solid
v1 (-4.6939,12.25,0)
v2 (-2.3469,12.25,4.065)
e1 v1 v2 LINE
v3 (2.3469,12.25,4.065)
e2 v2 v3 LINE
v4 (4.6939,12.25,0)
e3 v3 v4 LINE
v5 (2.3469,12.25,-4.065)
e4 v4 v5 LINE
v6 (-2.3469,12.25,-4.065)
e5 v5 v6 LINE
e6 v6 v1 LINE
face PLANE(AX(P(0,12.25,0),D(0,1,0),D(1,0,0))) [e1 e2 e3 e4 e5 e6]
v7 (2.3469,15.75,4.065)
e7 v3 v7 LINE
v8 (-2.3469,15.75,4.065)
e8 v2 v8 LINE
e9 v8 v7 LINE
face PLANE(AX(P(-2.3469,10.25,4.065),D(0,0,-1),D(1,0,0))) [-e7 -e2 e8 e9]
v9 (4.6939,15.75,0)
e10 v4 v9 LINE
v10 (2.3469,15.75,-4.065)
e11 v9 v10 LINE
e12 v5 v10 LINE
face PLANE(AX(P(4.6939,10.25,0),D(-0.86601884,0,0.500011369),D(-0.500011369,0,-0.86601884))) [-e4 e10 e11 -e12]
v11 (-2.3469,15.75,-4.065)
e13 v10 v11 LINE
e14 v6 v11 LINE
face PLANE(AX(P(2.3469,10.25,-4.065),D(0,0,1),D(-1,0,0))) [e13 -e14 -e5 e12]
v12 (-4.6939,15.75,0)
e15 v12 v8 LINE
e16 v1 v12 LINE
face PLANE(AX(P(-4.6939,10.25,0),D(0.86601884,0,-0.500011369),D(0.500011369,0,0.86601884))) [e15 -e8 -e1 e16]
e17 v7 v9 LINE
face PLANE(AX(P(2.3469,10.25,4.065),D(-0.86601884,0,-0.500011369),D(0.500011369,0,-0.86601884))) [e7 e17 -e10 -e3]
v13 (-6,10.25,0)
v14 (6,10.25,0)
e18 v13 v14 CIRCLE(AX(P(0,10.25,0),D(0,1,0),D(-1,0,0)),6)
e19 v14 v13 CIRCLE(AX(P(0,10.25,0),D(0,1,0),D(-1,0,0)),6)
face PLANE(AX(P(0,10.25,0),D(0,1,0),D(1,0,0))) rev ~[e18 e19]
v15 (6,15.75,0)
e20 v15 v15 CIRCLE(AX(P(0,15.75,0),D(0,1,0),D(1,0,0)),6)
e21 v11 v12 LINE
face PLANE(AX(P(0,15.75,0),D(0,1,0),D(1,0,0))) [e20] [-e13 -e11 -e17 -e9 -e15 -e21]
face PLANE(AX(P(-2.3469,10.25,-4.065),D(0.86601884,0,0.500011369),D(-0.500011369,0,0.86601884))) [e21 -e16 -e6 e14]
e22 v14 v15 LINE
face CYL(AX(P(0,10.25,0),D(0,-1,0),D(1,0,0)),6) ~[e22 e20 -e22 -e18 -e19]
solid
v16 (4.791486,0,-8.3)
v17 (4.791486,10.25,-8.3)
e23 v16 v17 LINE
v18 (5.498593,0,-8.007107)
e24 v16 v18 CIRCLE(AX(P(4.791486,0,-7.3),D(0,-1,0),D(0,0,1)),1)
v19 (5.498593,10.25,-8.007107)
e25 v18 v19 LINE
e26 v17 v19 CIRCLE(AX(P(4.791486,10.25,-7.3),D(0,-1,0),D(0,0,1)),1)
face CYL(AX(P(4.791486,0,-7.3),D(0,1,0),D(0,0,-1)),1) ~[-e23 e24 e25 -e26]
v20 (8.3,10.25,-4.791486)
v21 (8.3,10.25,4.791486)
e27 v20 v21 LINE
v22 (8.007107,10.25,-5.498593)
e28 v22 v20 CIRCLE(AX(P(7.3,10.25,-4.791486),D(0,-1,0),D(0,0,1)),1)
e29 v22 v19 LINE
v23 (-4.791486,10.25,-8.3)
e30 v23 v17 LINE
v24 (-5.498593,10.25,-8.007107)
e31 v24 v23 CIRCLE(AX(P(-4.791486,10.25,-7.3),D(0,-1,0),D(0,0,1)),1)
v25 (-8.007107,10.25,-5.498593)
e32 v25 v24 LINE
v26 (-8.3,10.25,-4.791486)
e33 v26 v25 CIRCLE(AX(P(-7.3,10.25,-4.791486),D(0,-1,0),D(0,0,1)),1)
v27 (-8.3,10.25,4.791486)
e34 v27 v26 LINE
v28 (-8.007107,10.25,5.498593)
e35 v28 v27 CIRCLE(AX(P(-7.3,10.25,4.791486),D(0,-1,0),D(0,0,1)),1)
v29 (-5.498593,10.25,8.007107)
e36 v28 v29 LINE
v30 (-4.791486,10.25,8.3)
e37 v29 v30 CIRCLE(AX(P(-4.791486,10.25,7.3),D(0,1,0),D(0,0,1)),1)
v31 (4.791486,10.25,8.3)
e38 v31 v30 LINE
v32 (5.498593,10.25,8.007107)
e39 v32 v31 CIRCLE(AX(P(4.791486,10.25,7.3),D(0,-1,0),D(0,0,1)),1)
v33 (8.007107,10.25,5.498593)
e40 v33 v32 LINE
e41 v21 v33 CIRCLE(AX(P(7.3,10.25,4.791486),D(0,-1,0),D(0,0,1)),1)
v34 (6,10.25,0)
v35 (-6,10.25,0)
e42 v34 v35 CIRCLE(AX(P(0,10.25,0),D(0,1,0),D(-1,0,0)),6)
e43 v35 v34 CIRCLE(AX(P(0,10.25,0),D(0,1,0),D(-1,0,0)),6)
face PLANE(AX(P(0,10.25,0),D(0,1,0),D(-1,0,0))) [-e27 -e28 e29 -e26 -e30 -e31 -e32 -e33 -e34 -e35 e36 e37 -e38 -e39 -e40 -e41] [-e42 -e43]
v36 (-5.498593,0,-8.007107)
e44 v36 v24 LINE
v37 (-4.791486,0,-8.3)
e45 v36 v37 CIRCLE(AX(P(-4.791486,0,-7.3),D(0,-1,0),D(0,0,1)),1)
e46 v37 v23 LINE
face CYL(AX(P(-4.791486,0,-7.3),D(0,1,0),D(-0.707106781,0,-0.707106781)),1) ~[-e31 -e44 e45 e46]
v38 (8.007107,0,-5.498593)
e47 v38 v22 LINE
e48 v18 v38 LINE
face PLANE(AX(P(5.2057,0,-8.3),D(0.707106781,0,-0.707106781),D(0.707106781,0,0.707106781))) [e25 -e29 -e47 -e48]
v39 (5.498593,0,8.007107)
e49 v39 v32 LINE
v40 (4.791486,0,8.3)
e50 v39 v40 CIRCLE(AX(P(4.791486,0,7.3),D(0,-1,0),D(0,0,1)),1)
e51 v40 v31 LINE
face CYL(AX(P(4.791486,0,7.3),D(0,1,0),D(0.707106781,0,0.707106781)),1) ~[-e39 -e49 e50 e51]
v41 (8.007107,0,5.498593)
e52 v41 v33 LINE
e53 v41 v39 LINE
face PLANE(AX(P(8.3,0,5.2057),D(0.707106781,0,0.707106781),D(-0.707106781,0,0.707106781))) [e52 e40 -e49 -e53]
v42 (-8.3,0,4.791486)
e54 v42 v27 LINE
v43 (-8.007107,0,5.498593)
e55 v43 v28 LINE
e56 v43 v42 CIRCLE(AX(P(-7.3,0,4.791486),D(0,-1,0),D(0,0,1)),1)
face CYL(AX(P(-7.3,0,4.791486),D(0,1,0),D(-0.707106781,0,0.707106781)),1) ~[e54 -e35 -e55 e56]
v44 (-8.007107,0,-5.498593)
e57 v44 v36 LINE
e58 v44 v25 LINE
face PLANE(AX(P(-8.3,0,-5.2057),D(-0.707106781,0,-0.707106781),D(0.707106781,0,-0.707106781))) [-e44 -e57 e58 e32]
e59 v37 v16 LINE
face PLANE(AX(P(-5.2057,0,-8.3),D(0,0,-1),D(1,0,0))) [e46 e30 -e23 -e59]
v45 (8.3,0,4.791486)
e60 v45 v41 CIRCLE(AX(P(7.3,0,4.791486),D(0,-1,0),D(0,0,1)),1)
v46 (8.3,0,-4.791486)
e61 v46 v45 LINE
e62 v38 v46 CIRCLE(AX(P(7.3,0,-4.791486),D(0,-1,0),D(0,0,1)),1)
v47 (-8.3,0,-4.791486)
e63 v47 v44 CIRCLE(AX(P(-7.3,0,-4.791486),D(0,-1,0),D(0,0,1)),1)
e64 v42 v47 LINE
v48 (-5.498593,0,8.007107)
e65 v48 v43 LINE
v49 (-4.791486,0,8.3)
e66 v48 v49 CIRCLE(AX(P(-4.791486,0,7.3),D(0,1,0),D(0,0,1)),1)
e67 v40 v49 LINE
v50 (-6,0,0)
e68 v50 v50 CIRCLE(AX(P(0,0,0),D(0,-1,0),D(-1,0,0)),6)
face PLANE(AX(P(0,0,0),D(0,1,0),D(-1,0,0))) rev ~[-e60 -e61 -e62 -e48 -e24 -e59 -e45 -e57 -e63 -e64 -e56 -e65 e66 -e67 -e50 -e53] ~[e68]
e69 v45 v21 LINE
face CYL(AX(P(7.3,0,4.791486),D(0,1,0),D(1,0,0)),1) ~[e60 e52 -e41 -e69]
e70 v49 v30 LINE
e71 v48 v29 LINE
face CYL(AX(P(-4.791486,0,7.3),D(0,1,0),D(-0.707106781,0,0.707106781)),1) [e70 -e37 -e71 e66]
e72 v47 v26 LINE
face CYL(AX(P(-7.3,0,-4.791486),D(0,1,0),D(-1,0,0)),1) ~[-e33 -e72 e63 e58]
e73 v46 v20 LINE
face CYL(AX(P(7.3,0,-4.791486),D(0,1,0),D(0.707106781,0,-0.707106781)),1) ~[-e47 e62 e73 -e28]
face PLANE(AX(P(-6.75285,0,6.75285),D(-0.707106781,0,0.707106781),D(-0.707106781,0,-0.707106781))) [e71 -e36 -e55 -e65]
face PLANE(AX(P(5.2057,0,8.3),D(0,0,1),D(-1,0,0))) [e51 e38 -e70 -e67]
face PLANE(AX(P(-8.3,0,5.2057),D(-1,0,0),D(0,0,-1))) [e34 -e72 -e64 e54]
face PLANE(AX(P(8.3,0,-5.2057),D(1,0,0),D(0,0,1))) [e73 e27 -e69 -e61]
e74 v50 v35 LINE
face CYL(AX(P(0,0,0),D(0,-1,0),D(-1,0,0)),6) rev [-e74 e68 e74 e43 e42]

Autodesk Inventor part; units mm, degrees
ref_plane "YZ Plane" through (0, 0, 0) normal (1, 0, 0) x (0, 1, 0)
ref_plane "XZ Plane" through (0, 0, 0) normal (0, 1, 0) x (-1, 0, 0)
ref_plane "XY Plane" through (0, 0, 0) normal (0, 0, 1) x (1, 0, 0)
sketch "Sketch1" plane through (0, 0, 0) normal (0, 1, 0) x (-1, 0, 0)
  circle A0 centre (0, 0) radius 6
  line L0 (5.2886, 8.5) -> (-5.2886, 8.5)
  line L1 (-8.5, 5.2886) -> (-8.5, -5.2886)
  line L2 (-5.2886, -8.5) -> (5.2886, -8.5)
  line L3 (8.5, -5.2886) -> (8.5, 5.2886)
  line L4 (8.5, 8.5) -> (-8.5, -8.5) construction
  line L5 (-8.5, 8.5) -> (8.5, -8.5) construction
  line L6 (-6.8943, -6.8943) -> (6.8943, 6.8943)
  line L7 (8.5, 5.2886) -> (5.2886, 8.5)
  line L8 (-5.2886, -8.5) -> (-8.5, -5.2886)
  line L9 (0, 0) -> (2.4857, 0)
  line L10 (8.5, -5.2886) -> (5.2886, -8.5)
  line L11 (-5.2886, 8.5) -> (-8.5, 5.2886)
  line L12 (8.3, 5.2057) -> (8.3, -5.2057)
  line L13 (8.3, -5.2057) -> (5.2057, -8.3)
  line L14 (5.2057, -8.3) -> (-5.2057, -8.3)
  line L15 (-5.2057, -8.3) -> (-8.3, -5.2057)
  line L16 (-8.3, -5.2057) -> (-8.3, 5.2057)
  line L17 (-8.3, 5.2057) -> (-5.2057, 8.3)
  line L18 (-5.2057, 8.3) -> (5.2057, 8.3)
  line L19 (5.2057, 8.3) -> (8.3, 5.2057)
  dimension "d0" = 12
  dimension "d2" = 17
  dimension "d3" = 19.5
  dimension "d4" = 17
  dimension "d5" = 0.2
extrude "Extrusion1" add sketch "Sketch1" along normal blind 10.25 contours A0 L6 L19 L12 L13 L14 L15 | A0 L6 L15 L16 L17 L18 L19
fillet "Fillet1" radius 1 8 edges at (-5.2057, 5.125, 8.3) (5.2057, 5.125, 8.3) (8.3, 5.125, 5.2057) (8.3, 5.125, -5.2057) (5.2057, 5.125, -8.3) (-5.2057, 5.125, -8.3) (-8.3, 5.125, 5.2057) (-8.3, 5.125, -5.2057)
sketch "Sketch2" plane through (0, 10.25, 0) normal (0, 1, 0) x (1, 0, 0)
  line L0 (4.5207, 0) -> (2.2603, -3.915)
  line L1 (2.2603, -3.915) -> (-2.2603, -3.915)
  line L2 (-2.2603, -3.915) -> (-4.5207, 0)
  line L3 (-4.5207, 0) -> (-2.2603, 3.915)
  line L4 (-2.2603, 3.915) -> (2.2603, 3.915)
  line L5 (2.2603, 3.915) -> (4.5207, 0)
  line L6 (2.3469, -4.065) -> (4.6939, 0)
  line L7 (4.6939, 0) -> (2.3469, 4.065)
  line L8 (2.3469, 4.065) -> (-2.3469, 4.065)
  line L9 (-2.3469, 4.065) -> (-4.6939, 0)
  line L10 (-4.6939, 0) -> (-2.3469, -4.065)
  line L11 (-2.3469, -4.065) -> (2.3469, -4.065)
  circle A0 centre (0, 0) radius 3.5
  arc A1 (-8.0071, 5.4986) -> (-8.3, 4.7915) centre (-7.3, 4.7915) ccw projected
  line L12 (-8.3, 4.7915) -> (-8.3, -4.7915) projected
  arc A2 (-8.3, -4.7915) -> (-8.0071, -5.4986) centre (-7.3, -4.7915) ccw projected
  line L13 (-8.0071, -5.4986) -> (-5.4986, -8.0071) projected
  arc A3 (-5.4986, -8.0071) -> (-4.7915, -8.3) centre (-4.7915, -7.3) ccw projected
  line L14 (-4.7915, -8.3) -> (4.7915, -8.3) projected
  arc A4 (4.7915, -8.3) -> (5.4986, -8.0071) centre (4.7915, -7.3) ccw projected
  line L15 (5.4986, -8.0071) -> (8.0071, -5.4986) projected
  arc A5 (8.0071, -5.4986) -> (8.3, -4.7915) centre (7.3, -4.7915) ccw projected
  line L16 (8.3, -4.7915) -> (8.3, 4.7915) projected
  arc A6 (8.3, 4.7915) -> (8.0071, 5.4986) centre (7.3, 4.7915) ccw projected
  line L17 (8.0071, 5.4986) -> (5.4986, 8.0071) projected
  arc A7 (5.4986, 8.0071) -> (4.7915, 8.3) centre (4.7915, 7.3) ccw projected
  line L18 (4.7915, 8.3) -> (-4.7915, 8.3) projected
  arc A8 (-4.7915, 8.3) -> (-5.4986, 8.0071) centre (-4.7915, 7.3) ccw projected
  line L19 (-5.4986, 8.0071) -> (-8.0071, 5.4986) projected
  circle A9 centre (0, 0) radius 6 projected
  dimension "d9" = 7.83
  dimension "d10" = 0.15
  dimension "d11" = 7
extrude "Extrusion2" add sketch "Sketch2" along normal blind 5.5 contours A9
extrude "Extrusion3" add sketch "Sketch2" along normal blind 2 contours L0 L1 L2 L3 L4 L5 | L11 L10 L9 L8 L7 L6 | A0
properties part number "newAdapter"
